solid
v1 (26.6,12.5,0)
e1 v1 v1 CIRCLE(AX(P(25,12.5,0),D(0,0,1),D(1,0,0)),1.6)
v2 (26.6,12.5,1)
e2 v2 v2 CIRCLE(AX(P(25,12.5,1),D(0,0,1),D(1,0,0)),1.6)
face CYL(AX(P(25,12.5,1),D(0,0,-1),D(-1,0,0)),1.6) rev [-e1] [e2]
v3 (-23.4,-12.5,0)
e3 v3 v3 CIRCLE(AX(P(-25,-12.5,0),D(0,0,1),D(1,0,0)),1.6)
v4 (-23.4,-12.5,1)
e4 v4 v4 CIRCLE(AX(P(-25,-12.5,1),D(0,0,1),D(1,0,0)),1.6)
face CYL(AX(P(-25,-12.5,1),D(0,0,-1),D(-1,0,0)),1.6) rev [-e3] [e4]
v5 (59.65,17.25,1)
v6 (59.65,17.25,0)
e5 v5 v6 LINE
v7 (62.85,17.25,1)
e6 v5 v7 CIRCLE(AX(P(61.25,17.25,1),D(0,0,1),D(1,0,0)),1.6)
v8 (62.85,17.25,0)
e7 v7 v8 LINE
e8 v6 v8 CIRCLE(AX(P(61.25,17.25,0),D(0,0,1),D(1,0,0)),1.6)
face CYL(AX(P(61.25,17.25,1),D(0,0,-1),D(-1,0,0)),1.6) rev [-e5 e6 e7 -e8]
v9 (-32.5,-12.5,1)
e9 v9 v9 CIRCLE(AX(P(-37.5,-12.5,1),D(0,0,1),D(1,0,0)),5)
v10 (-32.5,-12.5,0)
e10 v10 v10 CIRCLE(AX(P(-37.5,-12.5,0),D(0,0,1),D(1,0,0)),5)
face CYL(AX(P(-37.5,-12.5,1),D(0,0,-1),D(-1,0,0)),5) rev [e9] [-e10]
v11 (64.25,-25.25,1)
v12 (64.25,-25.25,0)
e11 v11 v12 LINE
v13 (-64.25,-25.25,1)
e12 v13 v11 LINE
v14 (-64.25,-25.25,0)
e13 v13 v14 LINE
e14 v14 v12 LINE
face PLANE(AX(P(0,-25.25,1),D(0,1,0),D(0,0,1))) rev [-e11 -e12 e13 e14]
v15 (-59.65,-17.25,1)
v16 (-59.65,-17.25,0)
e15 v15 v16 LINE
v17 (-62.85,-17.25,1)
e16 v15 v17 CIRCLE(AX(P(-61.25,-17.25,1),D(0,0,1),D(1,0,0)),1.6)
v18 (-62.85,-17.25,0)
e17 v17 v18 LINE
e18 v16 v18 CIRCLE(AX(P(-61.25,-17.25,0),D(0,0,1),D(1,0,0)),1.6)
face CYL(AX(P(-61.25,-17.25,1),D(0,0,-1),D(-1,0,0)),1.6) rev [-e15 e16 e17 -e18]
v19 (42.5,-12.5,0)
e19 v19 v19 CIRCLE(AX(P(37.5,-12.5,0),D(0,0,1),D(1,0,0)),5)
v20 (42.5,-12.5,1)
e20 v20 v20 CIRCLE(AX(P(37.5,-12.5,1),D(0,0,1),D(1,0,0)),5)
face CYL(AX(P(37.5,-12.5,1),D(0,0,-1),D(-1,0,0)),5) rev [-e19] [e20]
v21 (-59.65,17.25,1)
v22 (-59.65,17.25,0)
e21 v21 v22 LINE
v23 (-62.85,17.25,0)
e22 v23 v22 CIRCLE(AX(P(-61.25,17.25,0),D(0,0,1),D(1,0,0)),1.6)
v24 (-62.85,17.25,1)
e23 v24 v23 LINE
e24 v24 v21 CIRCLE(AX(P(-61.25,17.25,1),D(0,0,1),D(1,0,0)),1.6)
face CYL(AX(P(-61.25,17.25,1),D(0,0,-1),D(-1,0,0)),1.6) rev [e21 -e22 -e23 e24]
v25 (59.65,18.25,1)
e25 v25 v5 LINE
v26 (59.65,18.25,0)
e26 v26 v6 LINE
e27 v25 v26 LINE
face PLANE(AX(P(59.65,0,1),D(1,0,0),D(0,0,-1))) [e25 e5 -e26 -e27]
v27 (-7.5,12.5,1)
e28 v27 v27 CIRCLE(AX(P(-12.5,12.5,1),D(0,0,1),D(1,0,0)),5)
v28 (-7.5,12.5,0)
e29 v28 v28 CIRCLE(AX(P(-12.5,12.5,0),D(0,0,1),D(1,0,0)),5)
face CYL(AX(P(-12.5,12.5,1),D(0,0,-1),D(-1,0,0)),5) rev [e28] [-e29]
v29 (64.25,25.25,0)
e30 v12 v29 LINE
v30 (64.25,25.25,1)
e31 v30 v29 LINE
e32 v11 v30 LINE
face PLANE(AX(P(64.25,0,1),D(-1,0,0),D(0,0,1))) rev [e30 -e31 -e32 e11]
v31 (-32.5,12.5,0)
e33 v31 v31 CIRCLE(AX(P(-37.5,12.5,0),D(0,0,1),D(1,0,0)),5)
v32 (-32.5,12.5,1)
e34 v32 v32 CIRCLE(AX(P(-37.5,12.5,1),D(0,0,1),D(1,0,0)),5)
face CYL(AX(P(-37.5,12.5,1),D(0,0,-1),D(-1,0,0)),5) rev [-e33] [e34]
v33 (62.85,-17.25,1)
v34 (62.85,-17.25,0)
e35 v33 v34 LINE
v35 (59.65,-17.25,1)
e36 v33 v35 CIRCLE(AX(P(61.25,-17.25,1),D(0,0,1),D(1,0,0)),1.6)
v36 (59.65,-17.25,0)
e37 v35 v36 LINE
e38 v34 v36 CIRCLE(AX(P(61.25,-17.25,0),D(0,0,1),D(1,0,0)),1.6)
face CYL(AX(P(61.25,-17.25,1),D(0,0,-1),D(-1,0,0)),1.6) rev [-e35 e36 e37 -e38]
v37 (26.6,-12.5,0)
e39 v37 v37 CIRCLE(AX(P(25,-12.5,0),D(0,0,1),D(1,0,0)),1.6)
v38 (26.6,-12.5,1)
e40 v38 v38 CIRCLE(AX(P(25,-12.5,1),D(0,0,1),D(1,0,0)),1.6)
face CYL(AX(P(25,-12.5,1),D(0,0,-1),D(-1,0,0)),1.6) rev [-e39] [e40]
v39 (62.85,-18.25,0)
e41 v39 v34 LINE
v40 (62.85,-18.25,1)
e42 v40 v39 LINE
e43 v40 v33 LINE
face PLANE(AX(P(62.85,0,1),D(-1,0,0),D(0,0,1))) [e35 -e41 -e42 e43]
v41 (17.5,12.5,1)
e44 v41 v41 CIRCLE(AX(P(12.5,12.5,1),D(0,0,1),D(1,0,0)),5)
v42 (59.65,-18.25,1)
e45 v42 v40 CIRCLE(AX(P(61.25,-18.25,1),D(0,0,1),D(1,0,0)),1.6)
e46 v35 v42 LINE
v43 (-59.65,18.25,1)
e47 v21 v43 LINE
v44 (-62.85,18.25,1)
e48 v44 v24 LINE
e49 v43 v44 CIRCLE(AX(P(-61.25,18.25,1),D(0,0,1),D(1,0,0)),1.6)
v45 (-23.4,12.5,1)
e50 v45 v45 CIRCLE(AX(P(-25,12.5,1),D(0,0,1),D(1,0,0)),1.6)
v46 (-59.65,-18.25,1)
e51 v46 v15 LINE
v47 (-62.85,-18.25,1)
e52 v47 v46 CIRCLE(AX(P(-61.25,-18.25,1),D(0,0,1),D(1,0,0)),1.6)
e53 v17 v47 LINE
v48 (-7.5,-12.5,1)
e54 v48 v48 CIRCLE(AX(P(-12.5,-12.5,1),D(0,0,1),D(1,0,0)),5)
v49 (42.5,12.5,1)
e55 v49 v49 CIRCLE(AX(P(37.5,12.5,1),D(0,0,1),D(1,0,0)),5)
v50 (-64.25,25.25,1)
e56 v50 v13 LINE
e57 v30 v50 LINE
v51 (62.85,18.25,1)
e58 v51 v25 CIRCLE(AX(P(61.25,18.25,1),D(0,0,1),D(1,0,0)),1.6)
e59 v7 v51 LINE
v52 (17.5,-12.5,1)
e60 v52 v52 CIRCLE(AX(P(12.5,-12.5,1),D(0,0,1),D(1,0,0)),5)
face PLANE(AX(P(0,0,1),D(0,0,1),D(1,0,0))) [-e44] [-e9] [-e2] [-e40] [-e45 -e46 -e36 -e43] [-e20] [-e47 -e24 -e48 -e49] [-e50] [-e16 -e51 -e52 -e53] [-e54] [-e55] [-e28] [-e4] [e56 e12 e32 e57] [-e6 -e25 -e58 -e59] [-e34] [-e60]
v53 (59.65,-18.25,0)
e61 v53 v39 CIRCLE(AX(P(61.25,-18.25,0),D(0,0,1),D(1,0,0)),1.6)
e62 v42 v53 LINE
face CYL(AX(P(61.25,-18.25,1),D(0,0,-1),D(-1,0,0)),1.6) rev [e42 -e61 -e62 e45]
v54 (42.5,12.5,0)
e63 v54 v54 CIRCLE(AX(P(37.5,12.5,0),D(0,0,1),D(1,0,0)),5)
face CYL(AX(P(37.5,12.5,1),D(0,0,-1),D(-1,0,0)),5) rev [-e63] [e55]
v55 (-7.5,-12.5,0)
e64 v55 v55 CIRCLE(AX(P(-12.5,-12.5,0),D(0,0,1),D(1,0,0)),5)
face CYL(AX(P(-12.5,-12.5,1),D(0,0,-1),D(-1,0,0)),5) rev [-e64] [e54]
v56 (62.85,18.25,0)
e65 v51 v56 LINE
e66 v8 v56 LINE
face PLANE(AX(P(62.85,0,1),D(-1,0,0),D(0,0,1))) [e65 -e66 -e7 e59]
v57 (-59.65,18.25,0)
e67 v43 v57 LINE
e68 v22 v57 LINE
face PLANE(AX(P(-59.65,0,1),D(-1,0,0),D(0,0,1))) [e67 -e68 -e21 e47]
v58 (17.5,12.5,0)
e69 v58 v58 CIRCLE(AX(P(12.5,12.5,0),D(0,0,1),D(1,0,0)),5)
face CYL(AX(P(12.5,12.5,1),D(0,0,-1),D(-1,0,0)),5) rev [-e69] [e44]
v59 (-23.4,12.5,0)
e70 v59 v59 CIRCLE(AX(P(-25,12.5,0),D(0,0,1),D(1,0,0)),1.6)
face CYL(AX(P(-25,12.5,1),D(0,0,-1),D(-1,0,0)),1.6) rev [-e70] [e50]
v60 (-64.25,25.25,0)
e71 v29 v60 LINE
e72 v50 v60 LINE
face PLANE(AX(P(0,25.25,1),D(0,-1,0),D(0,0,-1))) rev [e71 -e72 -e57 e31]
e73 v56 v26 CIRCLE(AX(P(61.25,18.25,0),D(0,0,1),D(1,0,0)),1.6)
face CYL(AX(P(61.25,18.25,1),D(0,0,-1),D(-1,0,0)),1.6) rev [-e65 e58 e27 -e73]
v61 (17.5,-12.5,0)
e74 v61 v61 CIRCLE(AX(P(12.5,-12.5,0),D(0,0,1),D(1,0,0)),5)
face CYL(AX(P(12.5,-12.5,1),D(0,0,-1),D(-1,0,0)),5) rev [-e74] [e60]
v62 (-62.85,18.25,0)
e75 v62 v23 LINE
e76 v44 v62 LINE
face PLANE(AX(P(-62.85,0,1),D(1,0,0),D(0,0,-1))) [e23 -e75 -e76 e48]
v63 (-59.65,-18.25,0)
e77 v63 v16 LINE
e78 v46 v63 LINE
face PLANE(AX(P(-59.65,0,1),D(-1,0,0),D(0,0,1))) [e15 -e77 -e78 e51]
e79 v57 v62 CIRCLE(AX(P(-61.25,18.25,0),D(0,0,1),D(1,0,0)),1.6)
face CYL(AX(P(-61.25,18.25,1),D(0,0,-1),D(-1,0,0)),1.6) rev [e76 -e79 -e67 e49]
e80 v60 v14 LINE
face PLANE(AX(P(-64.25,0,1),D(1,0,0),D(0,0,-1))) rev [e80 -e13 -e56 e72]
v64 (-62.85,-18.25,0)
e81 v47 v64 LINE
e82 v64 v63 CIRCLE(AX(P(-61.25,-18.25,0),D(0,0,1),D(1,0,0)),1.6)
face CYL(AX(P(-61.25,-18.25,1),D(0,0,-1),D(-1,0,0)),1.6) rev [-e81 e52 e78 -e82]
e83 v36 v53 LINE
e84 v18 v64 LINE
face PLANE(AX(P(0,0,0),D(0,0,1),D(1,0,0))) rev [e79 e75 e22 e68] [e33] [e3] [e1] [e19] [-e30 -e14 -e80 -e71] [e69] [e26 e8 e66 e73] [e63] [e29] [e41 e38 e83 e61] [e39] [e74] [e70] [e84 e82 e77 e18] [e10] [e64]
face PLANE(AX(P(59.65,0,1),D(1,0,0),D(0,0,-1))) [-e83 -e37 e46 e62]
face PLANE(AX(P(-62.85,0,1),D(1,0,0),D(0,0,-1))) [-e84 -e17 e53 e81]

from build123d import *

# Parameters (mm, degrees)
ESQUISSE1_W        = 128.5
ESQUISSE1_H        = 50.5
ESQUISSE1_R        = 1.6
ESQUISSE1_R_2      = 5
BOSS_EXTRU_1_DEPTH = 1


with BuildPart() as part:
    # Esquisse1 → Boss.-Extru.1 (new body)
    with BuildSketch(Plane.XY):
        Rectangle(ESQUISSE1_W, ESQUISSE1_H)
        with Locations((25, 12.5)):
            Circle(ESQUISSE1_R, mode=Mode.SUBTRACT)
        with Locations((-25, 12.5)):
            Circle(ESQUISSE1_R, mode=Mode.SUBTRACT)
        with Locations((-25, -12.5)):
            Circle(ESQUISSE1_R, mode=Mode.SUBTRACT)
        with Locations((25, -12.5)):
            Circle(ESQUISSE1_R, mode=Mode.SUBTRACT)
        with Locations((12.5, -12.5)):
            Circle(ESQUISSE1_R_2, mode=Mode.SUBTRACT)
        with Locations((-37.5, -12.5)):
            Circle(ESQUISSE1_R_2, mode=Mode.SUBTRACT)
        with Locations((-12.5, -12.5)):
            Circle(ESQUISSE1_R_2, mode=Mode.SUBTRACT)
        with Locations((37.5, -12.5)):
            Circle(ESQUISSE1_R_2, mode=Mode.SUBTRACT)
        with Locations((37.5, 12.5)):
            Circle(ESQUISSE1_R_2, mode=Mode.SUBTRACT)
        with Locations((12.5, 12.5)):
            Circle(ESQUISSE1_R_2, mode=Mode.SUBTRACT)
        with Locations((-12.5, 12.5)):
            Circle(ESQUISSE1_R_2, mode=Mode.SUBTRACT)
        with Locations((-37.5, 12.5)):
            Circle(ESQUISSE1_R_2, mode=Mode.SUBTRACT)
        with BuildLine():
            ThreePointArc((62.85, -17.25), (61.25, -15.65), (59.65, -17.25))
            Line((59.65, -17.25), (59.65, -18.25))
            ThreePointArc((59.65, -18.25), (61.25, -19.85), (62.85, -18.25))
            Line((62.85, -18.25), (62.85, -17.25))
        make_face(mode=Mode.SUBTRACT)
        with BuildLine():
            ThreePointArc((59.65, 17.25), (61.25, 15.65), (62.85, 17.25))
            Line((62.85, 17.25), (62.85, 18.25))
            ThreePointArc((62.85, 18.25), (61.25, 19.85), (59.65, 18.25))
            Line((59.65, 18.25), (59.65, 17.25))
        make_face(mode=Mode.SUBTRACT)
        with BuildLine():
            ThreePointArc((-59.65, -17.25), (-61.25, -15.65), (-62.85, -17.25))
            Line((-62.85, -17.25), (-62.85, -18.25))
            ThreePointArc((-62.85, -18.25), (-61.25, -19.85), (-59.65, -18.25))
            Line((-59.65, -18.25), (-59.65, -17.25))
        make_face(mode=Mode.SUBTRACT)
        with BuildLine():
            ThreePointArc((-59.65, 18.25), (-61.25, 19.85), (-62.85, 18.25))
            Line((-62.85, 18.25), (-62.85, 17.25))
            ThreePointArc((-62.85, 17.25), (-61.25, 15.65), (-59.65, 17.25))
            Line((-59.65, 17.25), (-59.65, 18.25))
        make_face(mode=Mode.SUBTRACT)
    extrude(amount=BOSS_EXTRU_1_DEPTH)


solid = part.part
